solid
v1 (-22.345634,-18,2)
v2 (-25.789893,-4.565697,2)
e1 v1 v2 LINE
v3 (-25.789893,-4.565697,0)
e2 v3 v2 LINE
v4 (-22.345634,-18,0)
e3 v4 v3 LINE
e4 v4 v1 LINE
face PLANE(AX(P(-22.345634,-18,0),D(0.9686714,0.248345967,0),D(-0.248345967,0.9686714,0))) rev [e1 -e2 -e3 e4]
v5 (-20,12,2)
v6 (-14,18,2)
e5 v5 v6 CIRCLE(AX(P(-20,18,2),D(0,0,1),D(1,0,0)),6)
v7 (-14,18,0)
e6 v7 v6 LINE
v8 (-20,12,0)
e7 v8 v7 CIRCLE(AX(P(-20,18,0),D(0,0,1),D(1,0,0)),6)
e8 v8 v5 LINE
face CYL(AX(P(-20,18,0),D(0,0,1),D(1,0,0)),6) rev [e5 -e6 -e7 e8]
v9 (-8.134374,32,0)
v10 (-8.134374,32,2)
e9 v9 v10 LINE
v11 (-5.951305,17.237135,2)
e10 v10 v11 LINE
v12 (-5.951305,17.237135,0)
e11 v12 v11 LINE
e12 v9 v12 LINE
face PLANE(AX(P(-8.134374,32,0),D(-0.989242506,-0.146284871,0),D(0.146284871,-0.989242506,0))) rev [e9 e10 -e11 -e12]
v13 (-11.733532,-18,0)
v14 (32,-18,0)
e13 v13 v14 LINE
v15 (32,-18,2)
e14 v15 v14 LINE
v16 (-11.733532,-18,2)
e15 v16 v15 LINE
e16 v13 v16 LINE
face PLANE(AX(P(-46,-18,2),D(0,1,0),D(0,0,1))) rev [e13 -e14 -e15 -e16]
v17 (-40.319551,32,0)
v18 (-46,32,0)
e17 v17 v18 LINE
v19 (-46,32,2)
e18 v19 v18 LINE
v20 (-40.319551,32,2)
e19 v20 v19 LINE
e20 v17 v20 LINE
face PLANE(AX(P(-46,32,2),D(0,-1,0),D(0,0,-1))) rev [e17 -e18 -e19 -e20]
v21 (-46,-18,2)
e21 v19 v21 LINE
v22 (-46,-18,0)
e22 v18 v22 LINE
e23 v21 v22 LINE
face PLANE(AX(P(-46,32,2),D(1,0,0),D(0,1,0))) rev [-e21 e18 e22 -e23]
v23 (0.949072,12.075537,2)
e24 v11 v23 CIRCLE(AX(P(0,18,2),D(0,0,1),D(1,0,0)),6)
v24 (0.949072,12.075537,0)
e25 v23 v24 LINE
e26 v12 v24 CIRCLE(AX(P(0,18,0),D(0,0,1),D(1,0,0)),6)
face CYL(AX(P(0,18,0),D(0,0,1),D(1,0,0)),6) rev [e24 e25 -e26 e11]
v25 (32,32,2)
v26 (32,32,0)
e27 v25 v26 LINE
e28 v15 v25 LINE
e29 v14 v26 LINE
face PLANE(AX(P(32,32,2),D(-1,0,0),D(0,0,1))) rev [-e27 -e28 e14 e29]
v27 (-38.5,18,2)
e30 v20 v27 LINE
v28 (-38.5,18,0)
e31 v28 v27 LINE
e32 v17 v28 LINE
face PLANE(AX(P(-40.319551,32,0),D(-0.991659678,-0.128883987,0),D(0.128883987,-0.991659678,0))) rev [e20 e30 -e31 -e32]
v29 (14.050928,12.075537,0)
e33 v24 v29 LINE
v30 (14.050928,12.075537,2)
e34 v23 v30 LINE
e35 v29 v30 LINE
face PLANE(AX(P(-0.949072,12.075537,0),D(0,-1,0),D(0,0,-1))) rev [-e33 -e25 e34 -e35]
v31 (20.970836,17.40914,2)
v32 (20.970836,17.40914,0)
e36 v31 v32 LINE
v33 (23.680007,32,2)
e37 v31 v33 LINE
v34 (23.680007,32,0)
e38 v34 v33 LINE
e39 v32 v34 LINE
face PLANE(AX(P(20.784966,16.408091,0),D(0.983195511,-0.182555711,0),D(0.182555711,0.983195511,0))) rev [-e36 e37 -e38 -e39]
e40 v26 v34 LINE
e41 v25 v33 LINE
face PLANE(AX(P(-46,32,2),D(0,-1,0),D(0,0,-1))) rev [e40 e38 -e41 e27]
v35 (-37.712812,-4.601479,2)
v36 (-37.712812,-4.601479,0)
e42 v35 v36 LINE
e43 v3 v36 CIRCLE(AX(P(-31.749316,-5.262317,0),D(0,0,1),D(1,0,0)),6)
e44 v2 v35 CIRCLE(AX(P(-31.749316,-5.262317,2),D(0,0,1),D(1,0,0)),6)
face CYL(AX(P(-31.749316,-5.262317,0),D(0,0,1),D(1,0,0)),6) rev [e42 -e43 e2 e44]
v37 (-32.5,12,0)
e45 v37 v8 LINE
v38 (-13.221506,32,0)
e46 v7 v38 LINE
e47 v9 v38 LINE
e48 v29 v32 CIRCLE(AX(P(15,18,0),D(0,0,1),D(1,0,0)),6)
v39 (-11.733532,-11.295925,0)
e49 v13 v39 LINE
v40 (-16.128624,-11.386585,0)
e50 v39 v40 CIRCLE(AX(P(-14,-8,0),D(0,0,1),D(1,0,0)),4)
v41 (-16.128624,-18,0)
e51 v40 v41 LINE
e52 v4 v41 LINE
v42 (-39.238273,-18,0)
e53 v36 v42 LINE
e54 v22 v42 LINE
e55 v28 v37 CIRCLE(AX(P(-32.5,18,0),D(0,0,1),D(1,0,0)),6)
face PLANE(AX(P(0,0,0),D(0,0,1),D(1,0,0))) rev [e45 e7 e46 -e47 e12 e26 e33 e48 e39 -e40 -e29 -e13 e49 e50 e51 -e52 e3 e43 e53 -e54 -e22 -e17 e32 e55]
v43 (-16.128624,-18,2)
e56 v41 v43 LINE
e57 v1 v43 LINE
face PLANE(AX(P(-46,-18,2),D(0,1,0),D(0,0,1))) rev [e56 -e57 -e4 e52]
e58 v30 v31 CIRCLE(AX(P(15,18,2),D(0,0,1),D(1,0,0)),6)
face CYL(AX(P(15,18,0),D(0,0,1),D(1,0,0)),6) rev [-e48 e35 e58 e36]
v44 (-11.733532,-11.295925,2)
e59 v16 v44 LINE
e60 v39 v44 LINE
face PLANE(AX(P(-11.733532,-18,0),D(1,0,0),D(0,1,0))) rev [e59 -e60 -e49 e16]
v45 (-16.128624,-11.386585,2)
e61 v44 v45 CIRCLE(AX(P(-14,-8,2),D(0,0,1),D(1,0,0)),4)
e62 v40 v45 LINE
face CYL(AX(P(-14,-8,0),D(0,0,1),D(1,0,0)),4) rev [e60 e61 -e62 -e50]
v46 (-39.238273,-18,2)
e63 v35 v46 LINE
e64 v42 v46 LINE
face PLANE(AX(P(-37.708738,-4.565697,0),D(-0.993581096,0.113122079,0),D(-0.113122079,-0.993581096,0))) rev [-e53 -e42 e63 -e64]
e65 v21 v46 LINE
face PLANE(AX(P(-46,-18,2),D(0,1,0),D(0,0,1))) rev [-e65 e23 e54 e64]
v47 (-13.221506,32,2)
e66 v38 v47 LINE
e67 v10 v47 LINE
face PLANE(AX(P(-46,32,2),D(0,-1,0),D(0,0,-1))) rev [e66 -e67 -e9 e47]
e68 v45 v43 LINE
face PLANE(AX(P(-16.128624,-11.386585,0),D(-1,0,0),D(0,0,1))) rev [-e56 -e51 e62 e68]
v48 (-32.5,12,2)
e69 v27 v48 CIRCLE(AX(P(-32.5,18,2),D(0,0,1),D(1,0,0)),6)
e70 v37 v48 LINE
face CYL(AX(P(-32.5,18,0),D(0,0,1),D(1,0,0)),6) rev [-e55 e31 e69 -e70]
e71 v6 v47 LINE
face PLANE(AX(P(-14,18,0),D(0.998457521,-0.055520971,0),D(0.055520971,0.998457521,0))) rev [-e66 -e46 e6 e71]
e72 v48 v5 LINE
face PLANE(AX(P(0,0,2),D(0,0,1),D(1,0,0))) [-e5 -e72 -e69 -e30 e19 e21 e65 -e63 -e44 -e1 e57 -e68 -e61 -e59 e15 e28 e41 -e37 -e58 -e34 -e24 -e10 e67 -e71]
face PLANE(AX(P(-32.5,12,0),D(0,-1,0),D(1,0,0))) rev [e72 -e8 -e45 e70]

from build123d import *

# Parameters (mm, degrees)
SKETCH_1_W          = 78
SKETCH_1_H          = 50
EXTRUDE_1_DEPTH     = 2
SKETCH_2_R          = 6
SKETCH_2_R_2        = 4
CUT_EXTRUDE_2_DEPTH = 3
CUT_EXTRUDE_3_DEPTH = 3


with BuildPart() as part:
    # Эскиз1 → Бобышка-Вытянуть1 (new body)
    with BuildSketch(Plane.XY):
        with Locations((-7, 7)):
            Rectangle(SKETCH_1_W, SKETCH_1_H)
    extrude(amount=EXTRUDE_1_DEPTH)

    # Эскиз2 → Вырез-Вытянуть2 (cut, through all)
    with BuildSketch(Plane.XY.offset(2)):
        with Locations((-32.5, 18)):
            Circle(SKETCH_2_R)
        with Locations((-20, 18)):
            Circle(SKETCH_2_R)
        with Locations((0, 18)):
            Circle(SKETCH_2_R)
        with Locations((15, 18)):
            Circle(SKETCH_2_R)
        with Locations((-14, -8)):
            Circle(SKETCH_2_R_2)
        with Locations((-31.749315539, -5.262317493)):
            Circle(SKETCH_2_R)
    extrude(amount=-CUT_EXTRUDE_2_DEPTH, mode=Mode.SUBTRACT)

    # Эскиз3 → Вырез-Вытянуть3 (cut, through all)
    with BuildSketch(Plane.XY.offset(2)):
        Polygon((-37.708738379, -4.565697495), (-39.23827254, -18), (-22.345634052, -18), (-25.7898927, -4.565697495), align=None)
        Polygon((-16.128623671, -11.386585488), (-16.128623671, -18), (-11.733531884, -18), (-11.733531884, -11.295925102), align=None)
        Polygon((-40.319551463, 32), (-38.5, 18), (-32.5, 12), (-20, 12), (-14, 18), (-13.221505596, 32), align=None)
        Polygon((-8.134373627, 32), (-5.917388606, 17.007774179), (-0.949072404, 12.075537022), (15.949072404, 12.075537022), (20.784965527, 16.40809113), (23.68000723, 32), align=None)
    extrude(amount=-CUT_EXTRUDE_3_DEPTH, mode=Mode.SUBTRACT)


solid = part.part
